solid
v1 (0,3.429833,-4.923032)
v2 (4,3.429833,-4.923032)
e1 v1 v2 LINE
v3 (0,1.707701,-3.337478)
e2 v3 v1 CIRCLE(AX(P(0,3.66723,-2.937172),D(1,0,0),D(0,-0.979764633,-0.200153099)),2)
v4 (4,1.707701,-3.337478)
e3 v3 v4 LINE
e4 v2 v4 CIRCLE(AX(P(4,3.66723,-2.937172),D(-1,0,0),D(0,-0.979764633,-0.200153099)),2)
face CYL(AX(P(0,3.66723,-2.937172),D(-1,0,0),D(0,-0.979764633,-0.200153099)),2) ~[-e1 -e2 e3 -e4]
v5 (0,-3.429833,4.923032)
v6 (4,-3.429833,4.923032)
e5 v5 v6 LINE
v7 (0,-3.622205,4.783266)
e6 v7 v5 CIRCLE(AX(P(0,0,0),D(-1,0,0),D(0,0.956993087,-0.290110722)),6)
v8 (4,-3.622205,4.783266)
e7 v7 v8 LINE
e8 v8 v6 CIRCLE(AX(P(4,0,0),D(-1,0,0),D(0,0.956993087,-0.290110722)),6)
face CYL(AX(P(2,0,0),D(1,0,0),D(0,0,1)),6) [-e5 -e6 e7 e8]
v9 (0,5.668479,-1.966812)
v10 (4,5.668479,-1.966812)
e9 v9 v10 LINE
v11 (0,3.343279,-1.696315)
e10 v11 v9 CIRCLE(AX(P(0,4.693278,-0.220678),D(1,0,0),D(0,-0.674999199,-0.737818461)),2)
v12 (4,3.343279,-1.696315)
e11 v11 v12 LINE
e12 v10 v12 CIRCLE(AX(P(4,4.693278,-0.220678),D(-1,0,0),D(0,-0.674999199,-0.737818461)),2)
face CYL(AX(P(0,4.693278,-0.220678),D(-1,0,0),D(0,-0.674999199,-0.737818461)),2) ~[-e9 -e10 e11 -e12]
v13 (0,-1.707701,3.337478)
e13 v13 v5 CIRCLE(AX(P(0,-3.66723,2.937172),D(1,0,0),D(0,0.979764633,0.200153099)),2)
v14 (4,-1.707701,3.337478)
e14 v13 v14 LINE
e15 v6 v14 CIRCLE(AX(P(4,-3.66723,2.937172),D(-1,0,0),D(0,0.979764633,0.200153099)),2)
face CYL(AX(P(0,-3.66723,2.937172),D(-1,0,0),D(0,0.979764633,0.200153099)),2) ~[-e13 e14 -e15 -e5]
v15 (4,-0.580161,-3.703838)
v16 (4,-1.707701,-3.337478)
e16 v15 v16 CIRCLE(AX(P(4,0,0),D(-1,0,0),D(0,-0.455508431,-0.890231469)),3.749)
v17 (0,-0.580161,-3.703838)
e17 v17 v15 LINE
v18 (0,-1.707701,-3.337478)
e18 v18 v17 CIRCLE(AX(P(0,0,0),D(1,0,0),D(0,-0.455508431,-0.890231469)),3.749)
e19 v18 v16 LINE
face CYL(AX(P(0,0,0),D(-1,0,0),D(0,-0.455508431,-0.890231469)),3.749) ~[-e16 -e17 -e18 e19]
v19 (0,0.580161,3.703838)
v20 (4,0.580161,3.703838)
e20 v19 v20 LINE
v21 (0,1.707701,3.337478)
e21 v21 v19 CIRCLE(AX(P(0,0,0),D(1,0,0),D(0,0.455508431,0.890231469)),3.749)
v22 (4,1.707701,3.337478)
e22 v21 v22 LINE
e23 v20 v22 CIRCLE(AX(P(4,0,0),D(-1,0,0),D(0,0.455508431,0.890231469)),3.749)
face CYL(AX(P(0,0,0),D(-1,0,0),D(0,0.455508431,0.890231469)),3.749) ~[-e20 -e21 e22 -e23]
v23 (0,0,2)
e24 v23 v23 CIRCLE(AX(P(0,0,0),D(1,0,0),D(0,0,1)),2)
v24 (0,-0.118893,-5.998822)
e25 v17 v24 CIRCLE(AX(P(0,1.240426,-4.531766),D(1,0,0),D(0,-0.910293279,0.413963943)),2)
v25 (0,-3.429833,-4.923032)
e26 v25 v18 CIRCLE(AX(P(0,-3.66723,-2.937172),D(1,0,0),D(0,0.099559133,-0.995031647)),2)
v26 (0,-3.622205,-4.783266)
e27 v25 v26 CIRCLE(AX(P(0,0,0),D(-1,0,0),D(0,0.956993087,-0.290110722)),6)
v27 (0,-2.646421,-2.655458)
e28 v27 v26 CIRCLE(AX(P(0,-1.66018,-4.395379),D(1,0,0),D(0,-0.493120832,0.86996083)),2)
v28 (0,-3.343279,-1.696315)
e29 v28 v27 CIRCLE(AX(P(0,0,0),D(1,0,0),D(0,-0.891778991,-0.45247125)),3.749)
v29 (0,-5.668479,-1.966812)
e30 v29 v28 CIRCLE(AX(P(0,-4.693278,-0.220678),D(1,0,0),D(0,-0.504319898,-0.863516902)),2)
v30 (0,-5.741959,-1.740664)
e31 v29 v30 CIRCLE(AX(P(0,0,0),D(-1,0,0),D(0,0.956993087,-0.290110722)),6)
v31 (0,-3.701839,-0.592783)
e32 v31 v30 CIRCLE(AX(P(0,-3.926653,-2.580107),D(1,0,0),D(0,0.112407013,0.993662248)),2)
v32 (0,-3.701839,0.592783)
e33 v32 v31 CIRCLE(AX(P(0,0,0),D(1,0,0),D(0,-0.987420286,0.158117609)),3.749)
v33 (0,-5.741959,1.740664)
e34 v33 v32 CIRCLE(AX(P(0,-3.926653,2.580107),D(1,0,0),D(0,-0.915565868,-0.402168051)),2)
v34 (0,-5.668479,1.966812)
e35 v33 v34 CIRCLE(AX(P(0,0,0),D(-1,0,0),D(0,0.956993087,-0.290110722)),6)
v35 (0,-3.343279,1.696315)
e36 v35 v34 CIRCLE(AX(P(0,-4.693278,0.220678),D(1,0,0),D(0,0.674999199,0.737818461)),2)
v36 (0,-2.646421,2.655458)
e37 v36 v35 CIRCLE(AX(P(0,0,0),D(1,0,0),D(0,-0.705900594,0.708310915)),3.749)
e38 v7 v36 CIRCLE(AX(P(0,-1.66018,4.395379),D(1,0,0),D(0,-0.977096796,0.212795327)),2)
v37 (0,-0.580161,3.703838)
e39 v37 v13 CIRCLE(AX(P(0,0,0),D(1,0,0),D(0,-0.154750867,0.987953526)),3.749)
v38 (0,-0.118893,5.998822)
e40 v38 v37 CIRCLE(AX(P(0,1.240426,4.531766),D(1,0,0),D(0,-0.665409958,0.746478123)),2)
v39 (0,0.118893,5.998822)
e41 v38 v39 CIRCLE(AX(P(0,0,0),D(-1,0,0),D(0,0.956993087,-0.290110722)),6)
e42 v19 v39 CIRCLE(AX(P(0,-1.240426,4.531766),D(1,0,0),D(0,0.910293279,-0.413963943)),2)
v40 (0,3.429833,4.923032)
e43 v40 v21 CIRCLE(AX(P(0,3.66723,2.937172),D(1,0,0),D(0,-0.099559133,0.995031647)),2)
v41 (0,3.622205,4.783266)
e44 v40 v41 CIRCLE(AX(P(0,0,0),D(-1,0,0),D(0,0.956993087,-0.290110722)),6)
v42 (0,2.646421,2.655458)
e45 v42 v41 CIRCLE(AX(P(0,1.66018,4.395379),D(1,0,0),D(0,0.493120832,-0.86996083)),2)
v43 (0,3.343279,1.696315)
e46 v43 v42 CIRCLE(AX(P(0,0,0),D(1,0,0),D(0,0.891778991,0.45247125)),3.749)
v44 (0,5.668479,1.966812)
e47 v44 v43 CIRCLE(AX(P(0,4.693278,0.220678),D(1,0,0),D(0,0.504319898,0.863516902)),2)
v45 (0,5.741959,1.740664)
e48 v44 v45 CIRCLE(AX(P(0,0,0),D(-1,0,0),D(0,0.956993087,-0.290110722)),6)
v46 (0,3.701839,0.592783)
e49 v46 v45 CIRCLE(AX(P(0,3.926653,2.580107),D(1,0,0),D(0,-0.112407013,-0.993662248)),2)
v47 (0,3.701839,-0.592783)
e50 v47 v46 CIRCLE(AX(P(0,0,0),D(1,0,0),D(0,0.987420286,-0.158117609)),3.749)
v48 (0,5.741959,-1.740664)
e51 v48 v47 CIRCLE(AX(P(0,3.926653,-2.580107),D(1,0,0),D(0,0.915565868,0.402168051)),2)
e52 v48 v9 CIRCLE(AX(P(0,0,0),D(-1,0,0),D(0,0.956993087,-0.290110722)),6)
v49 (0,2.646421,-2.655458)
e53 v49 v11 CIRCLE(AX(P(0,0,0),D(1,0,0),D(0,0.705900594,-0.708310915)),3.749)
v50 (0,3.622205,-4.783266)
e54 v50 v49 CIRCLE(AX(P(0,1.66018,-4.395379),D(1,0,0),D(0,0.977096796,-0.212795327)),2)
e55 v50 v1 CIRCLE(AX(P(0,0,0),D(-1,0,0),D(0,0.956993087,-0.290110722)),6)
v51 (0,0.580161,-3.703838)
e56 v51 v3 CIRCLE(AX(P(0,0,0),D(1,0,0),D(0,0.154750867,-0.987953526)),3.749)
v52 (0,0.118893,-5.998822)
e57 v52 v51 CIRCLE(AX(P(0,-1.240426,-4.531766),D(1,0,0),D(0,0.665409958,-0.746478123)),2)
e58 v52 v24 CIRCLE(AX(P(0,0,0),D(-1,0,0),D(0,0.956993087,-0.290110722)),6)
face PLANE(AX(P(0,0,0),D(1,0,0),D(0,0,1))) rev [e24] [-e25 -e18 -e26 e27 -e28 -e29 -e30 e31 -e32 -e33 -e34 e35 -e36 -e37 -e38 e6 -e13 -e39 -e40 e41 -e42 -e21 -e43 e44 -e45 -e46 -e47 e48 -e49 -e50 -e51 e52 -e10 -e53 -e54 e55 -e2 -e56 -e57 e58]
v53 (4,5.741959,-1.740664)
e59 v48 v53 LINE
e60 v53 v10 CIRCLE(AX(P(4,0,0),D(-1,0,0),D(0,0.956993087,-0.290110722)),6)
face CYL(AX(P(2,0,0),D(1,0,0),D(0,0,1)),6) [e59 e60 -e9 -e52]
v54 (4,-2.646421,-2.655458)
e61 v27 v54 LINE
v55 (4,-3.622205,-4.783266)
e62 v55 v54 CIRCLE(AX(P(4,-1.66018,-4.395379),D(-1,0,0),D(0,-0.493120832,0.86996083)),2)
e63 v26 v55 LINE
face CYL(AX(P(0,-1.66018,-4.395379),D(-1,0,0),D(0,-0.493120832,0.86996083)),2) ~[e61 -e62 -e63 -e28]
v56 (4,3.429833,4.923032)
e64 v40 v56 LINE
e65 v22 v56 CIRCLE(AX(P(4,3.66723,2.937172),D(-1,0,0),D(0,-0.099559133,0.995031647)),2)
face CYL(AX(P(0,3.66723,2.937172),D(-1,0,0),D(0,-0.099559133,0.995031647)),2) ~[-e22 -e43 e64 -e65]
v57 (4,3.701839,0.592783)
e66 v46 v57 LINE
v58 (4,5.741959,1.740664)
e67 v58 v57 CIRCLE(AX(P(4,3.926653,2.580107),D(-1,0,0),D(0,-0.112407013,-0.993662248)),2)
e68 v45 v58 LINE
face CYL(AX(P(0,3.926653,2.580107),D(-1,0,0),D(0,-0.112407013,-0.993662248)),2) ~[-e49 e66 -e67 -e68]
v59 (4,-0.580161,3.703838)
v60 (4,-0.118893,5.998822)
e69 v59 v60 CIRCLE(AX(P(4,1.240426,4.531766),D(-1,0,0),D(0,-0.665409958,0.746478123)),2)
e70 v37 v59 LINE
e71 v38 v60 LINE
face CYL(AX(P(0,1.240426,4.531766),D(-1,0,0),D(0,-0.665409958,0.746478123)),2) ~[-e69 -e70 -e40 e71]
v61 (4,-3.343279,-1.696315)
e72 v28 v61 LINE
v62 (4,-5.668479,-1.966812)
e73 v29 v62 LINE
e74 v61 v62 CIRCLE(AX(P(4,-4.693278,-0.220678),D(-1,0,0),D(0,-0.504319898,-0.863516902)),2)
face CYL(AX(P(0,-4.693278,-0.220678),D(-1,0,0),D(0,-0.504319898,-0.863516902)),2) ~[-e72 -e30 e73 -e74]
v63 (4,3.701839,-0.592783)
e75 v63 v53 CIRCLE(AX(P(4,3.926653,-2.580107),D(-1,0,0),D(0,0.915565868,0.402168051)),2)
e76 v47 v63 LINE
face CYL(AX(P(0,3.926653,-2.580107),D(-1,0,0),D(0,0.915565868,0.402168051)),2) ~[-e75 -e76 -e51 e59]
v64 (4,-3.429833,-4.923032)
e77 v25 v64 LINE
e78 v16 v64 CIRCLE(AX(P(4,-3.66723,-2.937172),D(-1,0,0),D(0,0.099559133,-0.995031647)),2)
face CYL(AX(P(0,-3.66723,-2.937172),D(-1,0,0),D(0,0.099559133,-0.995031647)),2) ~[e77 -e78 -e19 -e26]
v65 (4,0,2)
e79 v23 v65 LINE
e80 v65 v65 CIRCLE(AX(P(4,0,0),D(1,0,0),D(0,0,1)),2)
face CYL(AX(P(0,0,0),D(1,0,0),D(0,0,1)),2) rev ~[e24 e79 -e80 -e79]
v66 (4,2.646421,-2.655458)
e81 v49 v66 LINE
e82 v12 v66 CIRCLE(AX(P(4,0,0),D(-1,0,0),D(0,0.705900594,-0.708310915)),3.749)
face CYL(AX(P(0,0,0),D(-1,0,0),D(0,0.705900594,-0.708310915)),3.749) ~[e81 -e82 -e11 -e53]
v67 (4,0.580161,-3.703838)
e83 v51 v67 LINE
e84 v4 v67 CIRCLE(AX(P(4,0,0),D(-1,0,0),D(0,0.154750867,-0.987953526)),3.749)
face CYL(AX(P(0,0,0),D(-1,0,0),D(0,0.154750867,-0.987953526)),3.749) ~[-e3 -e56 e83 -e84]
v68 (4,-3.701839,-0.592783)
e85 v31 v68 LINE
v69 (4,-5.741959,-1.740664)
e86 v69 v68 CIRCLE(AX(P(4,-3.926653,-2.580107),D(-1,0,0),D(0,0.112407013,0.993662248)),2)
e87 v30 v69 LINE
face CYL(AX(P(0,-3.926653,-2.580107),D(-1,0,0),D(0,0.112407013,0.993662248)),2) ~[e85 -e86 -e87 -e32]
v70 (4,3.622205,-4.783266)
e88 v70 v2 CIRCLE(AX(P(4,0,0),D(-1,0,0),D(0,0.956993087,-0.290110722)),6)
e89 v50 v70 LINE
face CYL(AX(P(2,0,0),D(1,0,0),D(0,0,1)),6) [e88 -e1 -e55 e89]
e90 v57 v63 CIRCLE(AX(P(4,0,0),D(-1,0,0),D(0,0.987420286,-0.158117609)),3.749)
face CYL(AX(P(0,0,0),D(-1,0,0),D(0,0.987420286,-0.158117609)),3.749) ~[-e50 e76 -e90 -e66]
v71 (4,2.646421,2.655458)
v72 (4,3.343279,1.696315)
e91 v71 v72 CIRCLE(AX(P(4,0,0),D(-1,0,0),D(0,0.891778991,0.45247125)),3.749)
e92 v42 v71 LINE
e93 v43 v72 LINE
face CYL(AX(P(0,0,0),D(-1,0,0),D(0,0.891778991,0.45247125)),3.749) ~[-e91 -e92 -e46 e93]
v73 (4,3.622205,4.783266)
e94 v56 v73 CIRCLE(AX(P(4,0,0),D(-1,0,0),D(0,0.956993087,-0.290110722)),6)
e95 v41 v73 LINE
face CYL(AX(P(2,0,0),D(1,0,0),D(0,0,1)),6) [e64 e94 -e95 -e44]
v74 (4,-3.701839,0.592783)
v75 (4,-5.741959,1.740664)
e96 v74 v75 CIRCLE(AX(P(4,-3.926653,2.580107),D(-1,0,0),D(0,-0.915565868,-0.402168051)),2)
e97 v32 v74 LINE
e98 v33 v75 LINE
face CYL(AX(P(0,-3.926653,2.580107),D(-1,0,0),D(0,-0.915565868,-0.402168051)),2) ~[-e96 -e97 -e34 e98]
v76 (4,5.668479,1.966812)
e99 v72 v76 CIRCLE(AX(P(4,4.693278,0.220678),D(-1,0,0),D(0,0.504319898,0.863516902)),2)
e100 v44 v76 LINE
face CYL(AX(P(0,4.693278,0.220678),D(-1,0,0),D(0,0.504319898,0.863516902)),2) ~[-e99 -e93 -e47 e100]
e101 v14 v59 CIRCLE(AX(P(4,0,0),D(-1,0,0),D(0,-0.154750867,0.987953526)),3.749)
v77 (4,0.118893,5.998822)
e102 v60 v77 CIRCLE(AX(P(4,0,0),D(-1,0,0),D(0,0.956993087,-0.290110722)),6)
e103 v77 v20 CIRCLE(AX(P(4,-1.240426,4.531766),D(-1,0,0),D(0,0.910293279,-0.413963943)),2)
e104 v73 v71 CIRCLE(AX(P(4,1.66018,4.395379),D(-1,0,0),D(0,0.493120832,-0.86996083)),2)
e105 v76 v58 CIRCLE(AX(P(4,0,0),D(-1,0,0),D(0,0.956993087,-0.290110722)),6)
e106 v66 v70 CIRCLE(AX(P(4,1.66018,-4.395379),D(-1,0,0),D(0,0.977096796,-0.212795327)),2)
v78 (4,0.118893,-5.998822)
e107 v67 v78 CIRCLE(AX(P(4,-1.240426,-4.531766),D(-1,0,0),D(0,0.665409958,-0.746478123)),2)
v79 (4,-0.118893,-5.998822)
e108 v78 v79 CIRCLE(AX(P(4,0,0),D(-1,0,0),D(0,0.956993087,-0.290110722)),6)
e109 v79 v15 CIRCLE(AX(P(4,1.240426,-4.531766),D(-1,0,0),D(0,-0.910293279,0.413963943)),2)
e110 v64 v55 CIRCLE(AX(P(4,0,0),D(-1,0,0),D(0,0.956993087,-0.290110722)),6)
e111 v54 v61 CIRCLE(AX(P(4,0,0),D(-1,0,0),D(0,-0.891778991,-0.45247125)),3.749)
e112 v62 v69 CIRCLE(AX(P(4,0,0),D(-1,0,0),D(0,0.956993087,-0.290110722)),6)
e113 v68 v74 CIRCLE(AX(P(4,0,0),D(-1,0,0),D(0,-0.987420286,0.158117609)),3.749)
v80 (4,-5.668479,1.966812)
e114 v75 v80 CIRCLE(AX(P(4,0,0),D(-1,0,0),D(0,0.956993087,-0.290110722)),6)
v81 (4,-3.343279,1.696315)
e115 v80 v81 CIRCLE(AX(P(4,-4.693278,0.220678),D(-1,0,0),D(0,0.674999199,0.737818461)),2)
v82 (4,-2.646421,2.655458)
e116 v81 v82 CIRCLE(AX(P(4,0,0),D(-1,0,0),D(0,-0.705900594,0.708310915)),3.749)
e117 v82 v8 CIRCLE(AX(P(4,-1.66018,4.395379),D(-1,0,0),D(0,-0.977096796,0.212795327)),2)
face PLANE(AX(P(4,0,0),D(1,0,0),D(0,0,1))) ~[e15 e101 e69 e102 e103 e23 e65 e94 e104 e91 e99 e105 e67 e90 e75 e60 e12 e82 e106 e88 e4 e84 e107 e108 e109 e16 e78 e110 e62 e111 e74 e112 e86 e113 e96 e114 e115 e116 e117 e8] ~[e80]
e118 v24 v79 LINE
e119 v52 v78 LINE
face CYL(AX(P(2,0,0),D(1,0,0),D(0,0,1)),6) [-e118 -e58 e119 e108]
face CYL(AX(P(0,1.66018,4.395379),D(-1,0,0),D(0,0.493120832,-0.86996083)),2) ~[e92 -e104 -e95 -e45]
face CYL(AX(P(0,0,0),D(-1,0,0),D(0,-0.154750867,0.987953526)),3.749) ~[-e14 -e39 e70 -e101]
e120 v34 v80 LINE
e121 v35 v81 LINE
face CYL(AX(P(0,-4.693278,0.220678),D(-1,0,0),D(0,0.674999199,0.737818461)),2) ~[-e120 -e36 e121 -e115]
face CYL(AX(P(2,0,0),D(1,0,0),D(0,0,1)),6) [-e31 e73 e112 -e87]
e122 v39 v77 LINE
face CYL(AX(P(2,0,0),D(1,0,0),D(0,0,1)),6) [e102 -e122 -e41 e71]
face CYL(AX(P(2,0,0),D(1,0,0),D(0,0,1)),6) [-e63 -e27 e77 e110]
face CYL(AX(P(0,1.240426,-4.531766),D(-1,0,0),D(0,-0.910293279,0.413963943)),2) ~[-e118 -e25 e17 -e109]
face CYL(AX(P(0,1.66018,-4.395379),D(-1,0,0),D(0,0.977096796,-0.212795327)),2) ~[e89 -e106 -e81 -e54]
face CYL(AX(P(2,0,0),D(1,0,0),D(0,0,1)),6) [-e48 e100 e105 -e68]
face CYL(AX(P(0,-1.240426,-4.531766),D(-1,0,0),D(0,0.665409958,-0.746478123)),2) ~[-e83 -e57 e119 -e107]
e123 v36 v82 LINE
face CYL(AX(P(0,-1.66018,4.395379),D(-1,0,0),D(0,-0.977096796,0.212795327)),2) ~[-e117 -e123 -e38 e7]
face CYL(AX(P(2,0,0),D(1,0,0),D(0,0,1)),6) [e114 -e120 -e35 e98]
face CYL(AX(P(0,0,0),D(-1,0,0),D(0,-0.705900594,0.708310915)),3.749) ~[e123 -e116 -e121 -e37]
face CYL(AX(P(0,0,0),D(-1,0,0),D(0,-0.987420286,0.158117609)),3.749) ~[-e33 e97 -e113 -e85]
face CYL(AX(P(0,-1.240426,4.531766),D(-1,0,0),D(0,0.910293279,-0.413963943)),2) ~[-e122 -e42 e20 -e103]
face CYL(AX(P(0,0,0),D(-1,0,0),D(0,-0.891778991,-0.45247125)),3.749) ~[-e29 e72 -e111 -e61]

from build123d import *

# Parameters (mm, degrees)
BASPROSKE_W     = 4
BASPROSKE_H     = 6
TOOTHCUT_DEPTH  = 10.38083152
TEETHCUTS_COUNT = 10
TEETHCUTS_ANGLE = 324
BORSKE_R        = 2
BORE_DEPTH      = 50.0000508


with BuildPart() as part:
    # BasProSke → Base-Revolve (revolve)
    with BuildSketch(Plane(origin=(0, 0, 0), x_dir=(1, 0, 0), z_dir=(0, 1, 0)), mode=Mode.PRIVATE) as base_revolve_sk:
        with Locations((2, 3)):
            Rectangle(BASPROSKE_W, BASPROSKE_H)
    revolve(base_revolve_sk.sketch.rotate(Axis((-10, 0, 0), (1, 0, 0)), 180), axis=Axis((-10, 0, 0), (1, 0, 0)))

    # TooCutSke → ToothCut (cut, through all)
    with BuildSketch(Plane(origin=(0, 0, 0), x_dir=(0, 0, -1), z_dir=(1, 0, 0))):
        with BuildLine():
            ThreePointArc((0.59278292, 3.701838653), (0, 3.749), (-0.59278292, 3.701838653))
            ThreePointArc((-0.59278292, 3.701838653), (-0.846593509, 4.924114224), (-1.775771316, 5.757784417))
            ThreePointArc((-1.775771316, 5.757784417), (0, 6.0254), (1.775771316, 5.757784417))
            ThreePointArc((1.775771316, 5.757784417), (0.846593509, 4.924114224), (0.59278292, 3.701838653))
        make_face()
    toothcut = extrude(amount=TOOTHCUT_DEPTH, mode=Mode.SUBTRACT)

    # TeethCuts: ToothCut ×10 about axis
    teethcuts_axis = Axis((-10, 0, 0), (1, 0, 0))
    for i in range(1, TEETHCUTS_COUNT):
        add(toothcut.rotate(teethcuts_axis, i * TEETHCUTS_ANGLE / (TEETHCUTS_COUNT - 1)), mode=Mode.SUBTRACT)

    # BorSke → Bore (cut, symmetric)
    with BuildSketch(Plane(origin=(0, 0, 0), x_dir=(0, 0, -1), z_dir=(1, 0, 0))):
        with Locations(Location((0, 0, 0), (0, 0, 180))):
            Circle(BORSKE_R)
    extrude(amount=BORE_DEPTH, both=True, mode=Mode.SUBTRACT)


solid = part.part
